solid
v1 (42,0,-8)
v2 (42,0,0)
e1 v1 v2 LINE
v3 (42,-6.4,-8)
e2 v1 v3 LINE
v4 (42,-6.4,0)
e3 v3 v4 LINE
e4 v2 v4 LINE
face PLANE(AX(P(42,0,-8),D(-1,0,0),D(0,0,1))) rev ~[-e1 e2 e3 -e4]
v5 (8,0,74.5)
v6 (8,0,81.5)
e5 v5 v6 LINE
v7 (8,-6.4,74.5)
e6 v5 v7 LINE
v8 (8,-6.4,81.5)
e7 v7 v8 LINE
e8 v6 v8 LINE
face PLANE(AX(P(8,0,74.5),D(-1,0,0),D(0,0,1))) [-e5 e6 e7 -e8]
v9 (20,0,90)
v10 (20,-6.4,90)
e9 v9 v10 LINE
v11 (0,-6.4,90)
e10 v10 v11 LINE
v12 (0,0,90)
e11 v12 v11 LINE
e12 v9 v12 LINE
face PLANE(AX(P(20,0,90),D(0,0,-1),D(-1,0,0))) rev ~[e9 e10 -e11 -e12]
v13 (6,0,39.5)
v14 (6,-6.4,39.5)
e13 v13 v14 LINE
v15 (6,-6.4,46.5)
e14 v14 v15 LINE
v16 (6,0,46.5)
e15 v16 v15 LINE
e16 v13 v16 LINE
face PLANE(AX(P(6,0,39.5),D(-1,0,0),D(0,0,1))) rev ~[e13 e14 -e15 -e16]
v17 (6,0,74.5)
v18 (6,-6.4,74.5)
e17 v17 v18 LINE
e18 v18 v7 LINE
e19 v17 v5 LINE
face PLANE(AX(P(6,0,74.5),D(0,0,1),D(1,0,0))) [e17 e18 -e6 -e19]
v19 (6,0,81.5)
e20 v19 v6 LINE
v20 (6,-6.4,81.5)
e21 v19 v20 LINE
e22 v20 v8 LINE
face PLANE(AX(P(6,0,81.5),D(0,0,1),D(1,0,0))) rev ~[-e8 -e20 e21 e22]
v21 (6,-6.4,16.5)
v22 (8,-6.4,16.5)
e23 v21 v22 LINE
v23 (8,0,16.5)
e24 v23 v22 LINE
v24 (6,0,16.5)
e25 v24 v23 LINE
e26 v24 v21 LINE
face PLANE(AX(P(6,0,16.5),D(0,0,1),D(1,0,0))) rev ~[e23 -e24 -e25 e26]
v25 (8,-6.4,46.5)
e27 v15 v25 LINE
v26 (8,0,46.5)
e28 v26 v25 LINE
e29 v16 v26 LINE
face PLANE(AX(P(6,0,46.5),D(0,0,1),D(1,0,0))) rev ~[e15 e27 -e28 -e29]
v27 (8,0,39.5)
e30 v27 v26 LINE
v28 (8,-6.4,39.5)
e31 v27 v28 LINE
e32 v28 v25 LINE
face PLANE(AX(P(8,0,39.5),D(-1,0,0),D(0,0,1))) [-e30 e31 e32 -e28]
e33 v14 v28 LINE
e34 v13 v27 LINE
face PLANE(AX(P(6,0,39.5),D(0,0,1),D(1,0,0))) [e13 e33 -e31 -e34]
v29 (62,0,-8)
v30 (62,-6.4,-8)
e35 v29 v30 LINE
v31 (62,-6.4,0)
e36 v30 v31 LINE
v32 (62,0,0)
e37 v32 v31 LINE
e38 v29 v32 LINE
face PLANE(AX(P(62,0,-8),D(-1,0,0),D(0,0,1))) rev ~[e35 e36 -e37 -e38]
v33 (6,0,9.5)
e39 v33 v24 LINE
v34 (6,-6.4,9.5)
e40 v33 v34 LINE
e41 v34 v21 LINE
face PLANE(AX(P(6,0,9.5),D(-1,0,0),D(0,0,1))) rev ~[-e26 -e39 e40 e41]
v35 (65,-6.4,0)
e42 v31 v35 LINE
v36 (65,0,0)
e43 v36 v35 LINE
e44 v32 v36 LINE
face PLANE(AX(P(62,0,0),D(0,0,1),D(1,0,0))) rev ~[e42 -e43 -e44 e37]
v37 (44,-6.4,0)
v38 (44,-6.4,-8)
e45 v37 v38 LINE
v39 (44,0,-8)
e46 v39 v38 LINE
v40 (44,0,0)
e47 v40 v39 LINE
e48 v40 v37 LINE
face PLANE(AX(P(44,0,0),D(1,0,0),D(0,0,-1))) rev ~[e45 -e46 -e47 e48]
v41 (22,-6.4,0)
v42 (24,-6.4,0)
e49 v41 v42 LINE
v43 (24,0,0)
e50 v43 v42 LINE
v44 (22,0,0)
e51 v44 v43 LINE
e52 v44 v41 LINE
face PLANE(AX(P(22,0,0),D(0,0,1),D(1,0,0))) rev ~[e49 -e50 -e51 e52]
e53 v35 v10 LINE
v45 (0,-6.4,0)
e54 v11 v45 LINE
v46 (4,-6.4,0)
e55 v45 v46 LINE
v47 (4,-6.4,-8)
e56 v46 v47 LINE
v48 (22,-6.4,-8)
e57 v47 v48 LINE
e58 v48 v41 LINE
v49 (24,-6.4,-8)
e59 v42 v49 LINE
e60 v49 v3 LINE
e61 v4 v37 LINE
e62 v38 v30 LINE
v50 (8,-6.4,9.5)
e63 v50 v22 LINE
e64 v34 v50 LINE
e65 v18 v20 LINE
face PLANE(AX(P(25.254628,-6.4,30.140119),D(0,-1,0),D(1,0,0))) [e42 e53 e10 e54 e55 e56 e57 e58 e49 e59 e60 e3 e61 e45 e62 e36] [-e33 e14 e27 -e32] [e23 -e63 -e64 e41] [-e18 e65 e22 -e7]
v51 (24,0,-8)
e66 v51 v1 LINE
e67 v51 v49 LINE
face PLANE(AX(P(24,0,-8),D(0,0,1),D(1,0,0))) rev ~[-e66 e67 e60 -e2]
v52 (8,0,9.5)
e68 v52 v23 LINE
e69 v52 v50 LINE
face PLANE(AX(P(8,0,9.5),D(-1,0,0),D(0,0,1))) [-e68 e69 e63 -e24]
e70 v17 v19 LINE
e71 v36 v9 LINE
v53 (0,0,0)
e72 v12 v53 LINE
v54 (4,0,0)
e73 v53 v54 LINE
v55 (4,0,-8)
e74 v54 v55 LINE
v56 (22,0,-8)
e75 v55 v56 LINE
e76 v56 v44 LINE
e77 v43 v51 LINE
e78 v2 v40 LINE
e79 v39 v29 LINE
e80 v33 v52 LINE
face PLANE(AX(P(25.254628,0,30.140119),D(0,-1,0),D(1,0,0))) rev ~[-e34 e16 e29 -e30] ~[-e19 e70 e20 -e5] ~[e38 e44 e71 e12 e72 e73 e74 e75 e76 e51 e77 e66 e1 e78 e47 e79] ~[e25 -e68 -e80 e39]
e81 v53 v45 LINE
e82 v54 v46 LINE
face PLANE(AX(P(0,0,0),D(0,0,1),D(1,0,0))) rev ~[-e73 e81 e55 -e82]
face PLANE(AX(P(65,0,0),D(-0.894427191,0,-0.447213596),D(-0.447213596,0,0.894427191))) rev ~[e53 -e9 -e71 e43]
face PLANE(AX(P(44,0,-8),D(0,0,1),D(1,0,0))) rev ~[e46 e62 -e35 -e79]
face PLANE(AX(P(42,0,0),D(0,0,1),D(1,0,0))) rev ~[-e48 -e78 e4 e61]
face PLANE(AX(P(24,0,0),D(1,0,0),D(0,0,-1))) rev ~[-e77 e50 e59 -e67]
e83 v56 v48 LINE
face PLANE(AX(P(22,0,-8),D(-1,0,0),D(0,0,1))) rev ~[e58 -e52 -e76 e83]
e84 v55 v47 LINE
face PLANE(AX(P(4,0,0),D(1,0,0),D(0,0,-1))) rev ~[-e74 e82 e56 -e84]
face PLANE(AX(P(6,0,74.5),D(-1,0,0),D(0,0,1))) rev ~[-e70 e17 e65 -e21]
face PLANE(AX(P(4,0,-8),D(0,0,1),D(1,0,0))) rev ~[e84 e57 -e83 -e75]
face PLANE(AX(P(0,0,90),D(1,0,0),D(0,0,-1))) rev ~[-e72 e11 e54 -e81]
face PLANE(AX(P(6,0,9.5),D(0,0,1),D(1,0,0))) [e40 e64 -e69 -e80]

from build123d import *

# Parameters (mm, degrees)
F0_W     = 2
F0_H     = 7
F1_DEPTH = 6.4


with BuildPart() as f1:
    # F0 (on Front) → F1 (new body)
    with BuildSketch(Plane.XZ):
        Polygon((0, 90), (0, 0), (4, 0), (4, -8), (22, -8), (22, 0), (24, 0), (24, -8), (42, -8), (42, 0), (44, 0), (44, -8), (62, -8), (62, 0), (65, 0), (20, 90), align=None)
        with Locations((7, 13)):
            Rectangle(F0_W, F0_H, mode=Mode.SUBTRACT)
        with Locations((7, 43)):
            Rectangle(F0_W, F0_H, mode=Mode.SUBTRACT)
        with Locations((7, 78)):
            Rectangle(F0_W, F0_H, mode=Mode.SUBTRACT)
    extrude(amount=F1_DEPTH)


solid = f1.part
